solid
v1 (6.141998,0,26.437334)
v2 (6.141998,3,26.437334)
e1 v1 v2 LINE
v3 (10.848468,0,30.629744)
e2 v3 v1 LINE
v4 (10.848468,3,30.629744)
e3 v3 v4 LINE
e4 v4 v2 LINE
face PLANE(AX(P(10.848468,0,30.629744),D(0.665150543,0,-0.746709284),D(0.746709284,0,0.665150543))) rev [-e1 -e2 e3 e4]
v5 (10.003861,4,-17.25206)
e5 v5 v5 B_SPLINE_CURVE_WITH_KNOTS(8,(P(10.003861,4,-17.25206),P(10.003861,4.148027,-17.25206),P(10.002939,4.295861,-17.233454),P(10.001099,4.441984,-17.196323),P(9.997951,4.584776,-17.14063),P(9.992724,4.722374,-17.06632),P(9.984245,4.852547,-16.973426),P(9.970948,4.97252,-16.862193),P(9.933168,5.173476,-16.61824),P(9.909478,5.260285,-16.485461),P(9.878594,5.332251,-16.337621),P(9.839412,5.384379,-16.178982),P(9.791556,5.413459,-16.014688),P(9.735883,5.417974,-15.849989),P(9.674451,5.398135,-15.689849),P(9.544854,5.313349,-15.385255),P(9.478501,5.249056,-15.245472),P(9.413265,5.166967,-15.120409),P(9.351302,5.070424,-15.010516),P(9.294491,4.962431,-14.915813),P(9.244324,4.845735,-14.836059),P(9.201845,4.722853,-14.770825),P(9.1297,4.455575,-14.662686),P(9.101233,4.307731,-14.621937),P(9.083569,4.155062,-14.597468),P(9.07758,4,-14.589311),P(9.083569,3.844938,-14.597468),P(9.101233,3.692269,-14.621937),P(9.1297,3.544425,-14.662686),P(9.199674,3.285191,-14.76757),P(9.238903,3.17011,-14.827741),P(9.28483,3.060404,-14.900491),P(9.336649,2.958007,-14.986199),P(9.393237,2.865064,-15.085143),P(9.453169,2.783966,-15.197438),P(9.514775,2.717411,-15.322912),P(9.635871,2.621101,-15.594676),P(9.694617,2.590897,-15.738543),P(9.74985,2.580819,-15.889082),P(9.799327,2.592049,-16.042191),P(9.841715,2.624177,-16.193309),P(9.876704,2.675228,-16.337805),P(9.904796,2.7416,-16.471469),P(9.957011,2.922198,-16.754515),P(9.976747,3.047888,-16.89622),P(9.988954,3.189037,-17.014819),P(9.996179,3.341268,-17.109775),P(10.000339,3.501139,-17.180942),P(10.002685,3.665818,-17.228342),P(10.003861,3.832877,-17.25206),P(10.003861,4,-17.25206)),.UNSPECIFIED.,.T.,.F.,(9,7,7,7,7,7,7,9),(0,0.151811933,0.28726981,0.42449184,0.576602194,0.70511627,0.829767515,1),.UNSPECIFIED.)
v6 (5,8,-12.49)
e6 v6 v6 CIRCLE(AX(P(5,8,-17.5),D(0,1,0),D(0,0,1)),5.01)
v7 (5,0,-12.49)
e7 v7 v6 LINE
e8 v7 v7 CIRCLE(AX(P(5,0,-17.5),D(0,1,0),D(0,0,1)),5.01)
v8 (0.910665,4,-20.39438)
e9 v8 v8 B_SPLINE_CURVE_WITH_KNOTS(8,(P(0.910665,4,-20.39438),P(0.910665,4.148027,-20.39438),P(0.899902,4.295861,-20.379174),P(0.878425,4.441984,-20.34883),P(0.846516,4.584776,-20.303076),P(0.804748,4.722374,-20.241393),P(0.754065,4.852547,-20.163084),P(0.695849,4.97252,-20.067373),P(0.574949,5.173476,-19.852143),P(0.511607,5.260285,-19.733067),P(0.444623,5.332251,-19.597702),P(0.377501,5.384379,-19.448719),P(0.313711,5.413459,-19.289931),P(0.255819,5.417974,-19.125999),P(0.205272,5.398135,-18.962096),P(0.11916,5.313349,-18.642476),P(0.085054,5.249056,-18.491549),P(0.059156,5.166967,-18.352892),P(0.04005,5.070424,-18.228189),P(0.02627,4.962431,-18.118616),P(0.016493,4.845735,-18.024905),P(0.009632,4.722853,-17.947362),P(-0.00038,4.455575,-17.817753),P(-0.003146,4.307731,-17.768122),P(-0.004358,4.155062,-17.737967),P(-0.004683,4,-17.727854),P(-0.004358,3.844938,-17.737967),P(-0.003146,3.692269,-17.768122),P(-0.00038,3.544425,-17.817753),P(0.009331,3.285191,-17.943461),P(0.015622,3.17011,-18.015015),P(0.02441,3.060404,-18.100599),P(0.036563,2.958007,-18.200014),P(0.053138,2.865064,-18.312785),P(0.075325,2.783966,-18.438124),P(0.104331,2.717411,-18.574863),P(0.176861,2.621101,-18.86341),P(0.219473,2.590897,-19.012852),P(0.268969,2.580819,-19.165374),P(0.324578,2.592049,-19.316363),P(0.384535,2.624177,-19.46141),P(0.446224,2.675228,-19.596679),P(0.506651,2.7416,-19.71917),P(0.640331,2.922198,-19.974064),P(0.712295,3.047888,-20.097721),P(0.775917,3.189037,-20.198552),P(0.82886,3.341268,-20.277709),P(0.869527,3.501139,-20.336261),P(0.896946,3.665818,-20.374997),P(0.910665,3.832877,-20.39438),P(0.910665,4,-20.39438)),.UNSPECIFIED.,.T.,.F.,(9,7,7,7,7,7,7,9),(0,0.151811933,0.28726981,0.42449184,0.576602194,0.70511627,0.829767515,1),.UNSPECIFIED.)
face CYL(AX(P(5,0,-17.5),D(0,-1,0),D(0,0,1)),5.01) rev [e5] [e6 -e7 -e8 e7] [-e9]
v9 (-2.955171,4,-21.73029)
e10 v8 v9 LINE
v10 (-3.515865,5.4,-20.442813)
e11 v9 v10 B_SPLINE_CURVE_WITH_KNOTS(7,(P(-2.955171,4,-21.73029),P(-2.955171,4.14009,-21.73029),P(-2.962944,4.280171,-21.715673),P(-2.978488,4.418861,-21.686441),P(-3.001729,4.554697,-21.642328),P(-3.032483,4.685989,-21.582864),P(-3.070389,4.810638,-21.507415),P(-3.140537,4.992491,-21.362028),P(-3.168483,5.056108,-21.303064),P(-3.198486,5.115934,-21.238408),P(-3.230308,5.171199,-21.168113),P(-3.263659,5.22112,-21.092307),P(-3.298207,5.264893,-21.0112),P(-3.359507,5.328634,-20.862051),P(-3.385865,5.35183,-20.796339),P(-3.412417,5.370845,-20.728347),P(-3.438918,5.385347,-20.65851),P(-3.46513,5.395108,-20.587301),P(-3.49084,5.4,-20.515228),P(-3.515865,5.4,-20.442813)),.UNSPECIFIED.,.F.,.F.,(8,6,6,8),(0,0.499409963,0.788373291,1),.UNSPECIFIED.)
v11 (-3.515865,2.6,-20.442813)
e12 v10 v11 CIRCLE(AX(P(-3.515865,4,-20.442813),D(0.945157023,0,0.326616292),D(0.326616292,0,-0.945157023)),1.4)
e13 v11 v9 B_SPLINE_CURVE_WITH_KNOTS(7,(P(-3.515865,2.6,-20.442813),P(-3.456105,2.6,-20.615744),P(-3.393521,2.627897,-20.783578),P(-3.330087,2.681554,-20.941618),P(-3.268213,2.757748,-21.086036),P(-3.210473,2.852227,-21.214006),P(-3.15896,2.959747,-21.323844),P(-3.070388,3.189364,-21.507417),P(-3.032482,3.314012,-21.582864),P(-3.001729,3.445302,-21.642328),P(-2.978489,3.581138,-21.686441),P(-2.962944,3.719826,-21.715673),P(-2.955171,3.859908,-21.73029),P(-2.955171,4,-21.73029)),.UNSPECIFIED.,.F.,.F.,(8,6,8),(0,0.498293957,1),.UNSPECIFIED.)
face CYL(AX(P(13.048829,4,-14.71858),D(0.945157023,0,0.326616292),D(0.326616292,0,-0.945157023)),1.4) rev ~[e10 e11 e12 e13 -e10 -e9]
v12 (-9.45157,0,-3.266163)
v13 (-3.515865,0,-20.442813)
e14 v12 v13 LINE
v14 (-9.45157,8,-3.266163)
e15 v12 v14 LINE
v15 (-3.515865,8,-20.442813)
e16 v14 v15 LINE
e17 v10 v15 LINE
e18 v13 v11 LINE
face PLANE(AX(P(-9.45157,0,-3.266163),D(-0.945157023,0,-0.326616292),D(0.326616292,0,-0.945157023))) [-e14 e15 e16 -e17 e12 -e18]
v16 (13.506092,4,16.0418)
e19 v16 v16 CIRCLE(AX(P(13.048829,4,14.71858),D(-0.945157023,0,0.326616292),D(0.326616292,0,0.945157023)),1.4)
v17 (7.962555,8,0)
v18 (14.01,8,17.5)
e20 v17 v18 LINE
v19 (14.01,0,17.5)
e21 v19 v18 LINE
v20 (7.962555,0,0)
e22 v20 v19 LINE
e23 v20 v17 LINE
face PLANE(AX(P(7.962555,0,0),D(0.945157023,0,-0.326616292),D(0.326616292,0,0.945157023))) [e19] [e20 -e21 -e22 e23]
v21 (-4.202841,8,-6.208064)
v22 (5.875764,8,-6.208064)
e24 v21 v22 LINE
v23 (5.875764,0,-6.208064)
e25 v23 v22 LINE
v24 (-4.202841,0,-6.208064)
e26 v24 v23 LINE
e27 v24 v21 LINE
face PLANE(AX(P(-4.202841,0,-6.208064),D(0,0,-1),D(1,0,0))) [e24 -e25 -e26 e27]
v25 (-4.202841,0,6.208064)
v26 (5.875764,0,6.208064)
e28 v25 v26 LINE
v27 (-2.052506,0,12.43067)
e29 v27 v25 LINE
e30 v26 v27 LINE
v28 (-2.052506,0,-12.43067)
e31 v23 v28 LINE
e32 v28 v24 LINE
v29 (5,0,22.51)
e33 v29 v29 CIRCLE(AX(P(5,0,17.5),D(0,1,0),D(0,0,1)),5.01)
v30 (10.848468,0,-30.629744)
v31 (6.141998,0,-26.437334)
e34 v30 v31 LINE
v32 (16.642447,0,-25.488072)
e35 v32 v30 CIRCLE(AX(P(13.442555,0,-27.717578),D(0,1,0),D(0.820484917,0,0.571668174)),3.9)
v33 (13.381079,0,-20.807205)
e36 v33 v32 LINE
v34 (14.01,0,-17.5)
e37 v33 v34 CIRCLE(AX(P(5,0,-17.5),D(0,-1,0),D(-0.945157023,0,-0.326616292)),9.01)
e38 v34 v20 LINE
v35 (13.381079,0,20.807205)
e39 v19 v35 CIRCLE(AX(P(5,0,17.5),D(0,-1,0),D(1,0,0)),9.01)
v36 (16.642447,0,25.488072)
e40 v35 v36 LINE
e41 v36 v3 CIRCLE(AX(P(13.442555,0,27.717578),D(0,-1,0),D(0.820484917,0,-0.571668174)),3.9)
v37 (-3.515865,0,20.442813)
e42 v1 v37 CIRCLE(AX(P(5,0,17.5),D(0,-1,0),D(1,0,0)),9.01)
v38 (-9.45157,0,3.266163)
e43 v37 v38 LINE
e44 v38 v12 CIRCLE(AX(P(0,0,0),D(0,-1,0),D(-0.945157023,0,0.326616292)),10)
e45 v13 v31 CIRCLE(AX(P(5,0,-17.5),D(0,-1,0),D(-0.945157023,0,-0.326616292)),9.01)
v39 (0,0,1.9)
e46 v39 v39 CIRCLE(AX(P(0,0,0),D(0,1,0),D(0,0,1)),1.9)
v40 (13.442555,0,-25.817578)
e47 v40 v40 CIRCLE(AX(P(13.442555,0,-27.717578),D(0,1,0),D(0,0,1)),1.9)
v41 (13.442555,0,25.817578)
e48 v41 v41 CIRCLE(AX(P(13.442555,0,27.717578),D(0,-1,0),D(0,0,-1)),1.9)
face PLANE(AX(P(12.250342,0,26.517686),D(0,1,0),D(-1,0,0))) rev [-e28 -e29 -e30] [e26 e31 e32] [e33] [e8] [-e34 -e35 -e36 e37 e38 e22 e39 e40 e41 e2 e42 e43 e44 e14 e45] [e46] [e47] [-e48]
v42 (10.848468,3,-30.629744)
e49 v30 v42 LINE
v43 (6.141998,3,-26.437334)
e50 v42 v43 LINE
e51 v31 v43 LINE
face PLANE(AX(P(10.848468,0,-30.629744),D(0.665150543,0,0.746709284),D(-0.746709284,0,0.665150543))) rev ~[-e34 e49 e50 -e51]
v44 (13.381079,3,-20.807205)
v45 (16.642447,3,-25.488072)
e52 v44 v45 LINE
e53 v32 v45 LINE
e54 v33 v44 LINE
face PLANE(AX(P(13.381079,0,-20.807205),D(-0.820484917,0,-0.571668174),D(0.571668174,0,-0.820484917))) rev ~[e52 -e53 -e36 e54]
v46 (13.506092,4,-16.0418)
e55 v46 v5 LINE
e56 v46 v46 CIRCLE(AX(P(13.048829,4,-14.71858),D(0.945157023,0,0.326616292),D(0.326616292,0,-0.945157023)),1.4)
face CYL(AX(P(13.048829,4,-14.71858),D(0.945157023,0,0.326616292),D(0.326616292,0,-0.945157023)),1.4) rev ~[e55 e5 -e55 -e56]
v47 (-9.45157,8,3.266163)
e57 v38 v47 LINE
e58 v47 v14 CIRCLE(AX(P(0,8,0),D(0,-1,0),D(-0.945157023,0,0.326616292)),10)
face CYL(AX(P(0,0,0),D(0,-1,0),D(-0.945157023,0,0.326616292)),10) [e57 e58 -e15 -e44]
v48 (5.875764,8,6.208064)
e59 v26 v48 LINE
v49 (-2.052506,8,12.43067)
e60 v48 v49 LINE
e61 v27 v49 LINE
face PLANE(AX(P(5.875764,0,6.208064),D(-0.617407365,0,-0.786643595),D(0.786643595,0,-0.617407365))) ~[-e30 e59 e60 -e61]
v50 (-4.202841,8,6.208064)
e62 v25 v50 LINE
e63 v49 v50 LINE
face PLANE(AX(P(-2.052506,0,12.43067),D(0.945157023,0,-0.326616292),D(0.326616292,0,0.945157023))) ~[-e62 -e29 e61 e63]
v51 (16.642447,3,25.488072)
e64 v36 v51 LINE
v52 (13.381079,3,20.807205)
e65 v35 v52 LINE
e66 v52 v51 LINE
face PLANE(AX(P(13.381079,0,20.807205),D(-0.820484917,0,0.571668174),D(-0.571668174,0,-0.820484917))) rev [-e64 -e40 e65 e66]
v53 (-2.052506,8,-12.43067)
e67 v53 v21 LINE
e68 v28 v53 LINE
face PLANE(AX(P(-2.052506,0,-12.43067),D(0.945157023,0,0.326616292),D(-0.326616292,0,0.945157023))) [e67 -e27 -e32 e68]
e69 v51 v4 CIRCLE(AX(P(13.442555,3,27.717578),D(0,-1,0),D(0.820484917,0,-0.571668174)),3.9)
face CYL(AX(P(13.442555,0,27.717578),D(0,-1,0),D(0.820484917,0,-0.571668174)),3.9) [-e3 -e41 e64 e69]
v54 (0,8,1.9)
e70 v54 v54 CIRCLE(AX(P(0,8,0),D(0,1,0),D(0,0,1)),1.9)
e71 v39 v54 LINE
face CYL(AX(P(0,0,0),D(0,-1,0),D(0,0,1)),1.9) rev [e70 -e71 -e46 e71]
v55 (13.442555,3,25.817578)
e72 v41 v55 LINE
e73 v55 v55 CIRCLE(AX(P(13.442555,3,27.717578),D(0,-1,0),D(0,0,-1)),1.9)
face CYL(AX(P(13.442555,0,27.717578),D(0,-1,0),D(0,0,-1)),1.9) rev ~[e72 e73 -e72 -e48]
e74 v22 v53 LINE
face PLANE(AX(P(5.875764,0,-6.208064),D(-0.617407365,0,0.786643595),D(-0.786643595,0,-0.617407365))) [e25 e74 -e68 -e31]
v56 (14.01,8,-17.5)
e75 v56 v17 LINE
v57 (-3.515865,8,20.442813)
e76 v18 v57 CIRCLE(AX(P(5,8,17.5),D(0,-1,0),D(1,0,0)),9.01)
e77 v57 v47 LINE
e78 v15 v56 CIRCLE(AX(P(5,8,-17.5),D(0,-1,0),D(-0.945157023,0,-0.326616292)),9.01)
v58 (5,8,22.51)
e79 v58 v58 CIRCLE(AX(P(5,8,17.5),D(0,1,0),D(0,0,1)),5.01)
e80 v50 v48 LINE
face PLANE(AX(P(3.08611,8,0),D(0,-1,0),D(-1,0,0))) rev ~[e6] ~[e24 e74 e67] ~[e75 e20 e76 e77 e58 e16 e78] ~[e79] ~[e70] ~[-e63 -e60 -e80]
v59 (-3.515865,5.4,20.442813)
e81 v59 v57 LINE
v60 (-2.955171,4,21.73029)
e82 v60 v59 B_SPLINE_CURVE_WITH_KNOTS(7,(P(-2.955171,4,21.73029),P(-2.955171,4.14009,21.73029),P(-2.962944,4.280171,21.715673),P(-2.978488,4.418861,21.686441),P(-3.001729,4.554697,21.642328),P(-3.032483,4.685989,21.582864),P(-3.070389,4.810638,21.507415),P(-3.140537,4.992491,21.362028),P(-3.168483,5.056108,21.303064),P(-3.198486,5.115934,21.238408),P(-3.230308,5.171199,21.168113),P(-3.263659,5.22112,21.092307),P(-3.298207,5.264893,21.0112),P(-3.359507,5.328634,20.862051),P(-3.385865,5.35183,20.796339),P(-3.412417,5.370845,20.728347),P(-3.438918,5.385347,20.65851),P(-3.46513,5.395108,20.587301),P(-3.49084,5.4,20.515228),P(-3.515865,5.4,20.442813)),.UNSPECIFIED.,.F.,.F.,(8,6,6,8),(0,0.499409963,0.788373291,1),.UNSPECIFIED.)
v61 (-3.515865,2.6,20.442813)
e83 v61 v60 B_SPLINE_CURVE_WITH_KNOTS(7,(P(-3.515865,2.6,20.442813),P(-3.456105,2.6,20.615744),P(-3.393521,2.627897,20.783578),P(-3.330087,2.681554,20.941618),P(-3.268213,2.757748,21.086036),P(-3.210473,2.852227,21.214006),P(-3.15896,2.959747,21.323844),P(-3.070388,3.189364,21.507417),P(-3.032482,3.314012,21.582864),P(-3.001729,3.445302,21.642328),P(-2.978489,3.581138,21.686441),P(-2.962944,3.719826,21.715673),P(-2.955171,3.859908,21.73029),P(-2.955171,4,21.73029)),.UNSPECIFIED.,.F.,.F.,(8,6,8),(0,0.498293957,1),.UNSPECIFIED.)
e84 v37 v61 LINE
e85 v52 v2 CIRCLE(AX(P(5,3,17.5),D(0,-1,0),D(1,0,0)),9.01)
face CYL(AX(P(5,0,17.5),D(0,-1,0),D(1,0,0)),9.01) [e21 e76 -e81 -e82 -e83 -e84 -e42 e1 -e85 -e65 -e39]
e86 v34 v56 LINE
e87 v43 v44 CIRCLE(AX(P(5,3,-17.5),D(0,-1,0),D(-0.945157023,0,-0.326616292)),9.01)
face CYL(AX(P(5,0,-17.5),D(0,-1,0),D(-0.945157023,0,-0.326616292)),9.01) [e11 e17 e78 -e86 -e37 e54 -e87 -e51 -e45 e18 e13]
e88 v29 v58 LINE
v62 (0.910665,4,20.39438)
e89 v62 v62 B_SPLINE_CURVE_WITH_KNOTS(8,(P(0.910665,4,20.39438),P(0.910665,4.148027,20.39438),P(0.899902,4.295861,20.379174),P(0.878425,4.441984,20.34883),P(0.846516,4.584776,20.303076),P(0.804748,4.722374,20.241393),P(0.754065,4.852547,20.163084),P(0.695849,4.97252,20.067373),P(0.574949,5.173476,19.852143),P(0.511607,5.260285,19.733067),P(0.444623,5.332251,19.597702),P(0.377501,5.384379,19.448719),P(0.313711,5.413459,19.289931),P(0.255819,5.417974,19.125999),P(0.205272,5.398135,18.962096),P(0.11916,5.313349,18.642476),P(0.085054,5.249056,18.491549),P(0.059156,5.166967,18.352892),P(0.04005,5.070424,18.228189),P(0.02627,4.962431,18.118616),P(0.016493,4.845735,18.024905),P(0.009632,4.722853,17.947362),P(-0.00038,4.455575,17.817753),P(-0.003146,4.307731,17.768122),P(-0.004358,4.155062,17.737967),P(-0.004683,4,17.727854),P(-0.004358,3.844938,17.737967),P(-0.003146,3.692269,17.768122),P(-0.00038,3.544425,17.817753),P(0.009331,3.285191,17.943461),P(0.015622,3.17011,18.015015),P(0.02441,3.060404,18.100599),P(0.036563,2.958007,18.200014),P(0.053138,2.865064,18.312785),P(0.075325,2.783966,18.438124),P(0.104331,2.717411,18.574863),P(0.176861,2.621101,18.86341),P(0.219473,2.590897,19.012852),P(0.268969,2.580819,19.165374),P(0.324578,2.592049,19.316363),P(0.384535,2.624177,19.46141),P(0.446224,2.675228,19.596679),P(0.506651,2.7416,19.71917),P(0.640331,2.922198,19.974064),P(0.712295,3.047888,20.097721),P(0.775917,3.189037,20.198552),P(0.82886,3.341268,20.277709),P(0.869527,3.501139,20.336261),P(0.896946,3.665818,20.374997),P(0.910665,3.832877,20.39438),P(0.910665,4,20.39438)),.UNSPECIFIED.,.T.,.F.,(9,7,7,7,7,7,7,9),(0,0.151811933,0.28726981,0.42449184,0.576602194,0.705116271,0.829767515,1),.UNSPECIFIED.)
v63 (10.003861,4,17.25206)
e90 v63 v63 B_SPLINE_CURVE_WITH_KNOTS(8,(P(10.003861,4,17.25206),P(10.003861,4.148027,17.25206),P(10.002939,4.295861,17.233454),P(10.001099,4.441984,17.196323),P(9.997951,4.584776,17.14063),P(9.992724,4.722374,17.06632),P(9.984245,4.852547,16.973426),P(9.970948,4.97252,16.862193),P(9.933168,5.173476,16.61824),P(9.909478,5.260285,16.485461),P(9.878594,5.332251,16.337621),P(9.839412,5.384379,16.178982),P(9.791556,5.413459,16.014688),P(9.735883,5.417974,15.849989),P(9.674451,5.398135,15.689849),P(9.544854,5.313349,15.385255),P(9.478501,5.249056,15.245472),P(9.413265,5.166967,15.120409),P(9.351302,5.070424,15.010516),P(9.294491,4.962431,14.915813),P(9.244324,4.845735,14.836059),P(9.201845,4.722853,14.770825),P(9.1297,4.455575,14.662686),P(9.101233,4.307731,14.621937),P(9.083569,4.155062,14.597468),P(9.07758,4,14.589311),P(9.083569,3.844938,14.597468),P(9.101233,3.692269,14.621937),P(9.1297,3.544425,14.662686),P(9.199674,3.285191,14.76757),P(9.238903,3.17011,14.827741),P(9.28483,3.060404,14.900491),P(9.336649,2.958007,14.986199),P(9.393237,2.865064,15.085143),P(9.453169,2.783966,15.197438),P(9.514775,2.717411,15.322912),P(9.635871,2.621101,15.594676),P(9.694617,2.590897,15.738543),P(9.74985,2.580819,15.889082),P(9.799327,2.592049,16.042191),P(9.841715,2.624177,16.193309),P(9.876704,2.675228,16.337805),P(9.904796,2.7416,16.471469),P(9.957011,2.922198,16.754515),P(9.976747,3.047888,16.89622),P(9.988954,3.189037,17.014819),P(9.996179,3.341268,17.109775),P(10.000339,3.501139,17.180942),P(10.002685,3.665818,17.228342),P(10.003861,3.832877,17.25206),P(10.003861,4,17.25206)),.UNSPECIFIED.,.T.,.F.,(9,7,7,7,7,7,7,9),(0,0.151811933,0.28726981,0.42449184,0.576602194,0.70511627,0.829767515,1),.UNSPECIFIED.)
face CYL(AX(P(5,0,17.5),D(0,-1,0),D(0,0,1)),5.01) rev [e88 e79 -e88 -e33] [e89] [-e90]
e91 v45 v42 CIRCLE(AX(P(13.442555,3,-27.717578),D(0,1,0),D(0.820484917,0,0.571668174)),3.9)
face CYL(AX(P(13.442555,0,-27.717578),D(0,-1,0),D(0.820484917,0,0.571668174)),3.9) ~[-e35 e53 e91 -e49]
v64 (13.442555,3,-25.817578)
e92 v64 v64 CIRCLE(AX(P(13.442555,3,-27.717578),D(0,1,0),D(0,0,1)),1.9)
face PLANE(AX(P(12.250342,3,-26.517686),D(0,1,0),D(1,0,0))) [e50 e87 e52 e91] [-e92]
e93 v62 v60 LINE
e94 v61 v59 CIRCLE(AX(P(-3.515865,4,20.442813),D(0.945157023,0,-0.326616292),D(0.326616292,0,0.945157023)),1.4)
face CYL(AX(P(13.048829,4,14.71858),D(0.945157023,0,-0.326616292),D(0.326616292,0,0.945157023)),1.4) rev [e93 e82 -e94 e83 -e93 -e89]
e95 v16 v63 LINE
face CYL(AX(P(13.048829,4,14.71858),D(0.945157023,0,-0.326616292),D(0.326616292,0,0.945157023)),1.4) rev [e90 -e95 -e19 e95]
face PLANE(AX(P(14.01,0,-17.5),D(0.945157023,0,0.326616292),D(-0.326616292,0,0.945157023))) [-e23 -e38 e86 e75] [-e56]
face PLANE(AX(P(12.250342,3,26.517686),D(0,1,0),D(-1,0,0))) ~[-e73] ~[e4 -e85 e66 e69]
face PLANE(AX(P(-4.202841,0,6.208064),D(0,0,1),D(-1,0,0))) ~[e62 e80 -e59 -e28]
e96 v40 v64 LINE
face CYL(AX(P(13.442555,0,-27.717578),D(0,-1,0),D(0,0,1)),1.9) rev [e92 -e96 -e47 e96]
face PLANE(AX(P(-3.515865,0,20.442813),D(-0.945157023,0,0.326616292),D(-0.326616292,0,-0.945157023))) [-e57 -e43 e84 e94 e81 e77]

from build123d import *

# Parameters (mm, degrees)
SKETCH1_R               = 1.9
SKETCH1_R_2             = 5.01
BOSS_EXTRUDE1_DEPTH     = 8
SKETCH2_R               = 1.9
BOSS_EXTRUDE2_DEPTH     = 3
SKETCH3_R               = 1.4
CUT_EXTRUDE1_DEPTH      = 22
CUT_EXTRUDE3_DEPTH      = 8
MIRROR3_COPY_1_SKETCH_R = 1.4
MIRROR3_COPY_1_DEPTH    = 22


with BuildPart() as part:
    # Sketch1 → Boss-Extrude1 (new body)
    with BuildSketch(Plane(origin=(0, 0, 0), x_dir=(1, 0, 0), z_dir=(0, 1, 0))):
        with BuildLine():
            Line((-9.451570228, 3.266162922), (-3.515864775, 20.442812793))
            ThreePointArc((-3.515864775, 20.442812793), (6.49200509, 26.385607509), (14.01, 17.5))
            Line((14.01, 17.5), (7.962554998, 0))
            Line((7.962554998, 0), (14.01, -17.5))
            ThreePointArc((14.01, -17.5), (6.49200509, -26.385607509), (-3.515864775, -20.442812793))
            Line((-3.515864775, -20.442812793), (-9.451570228, -3.266162922))
            ThreePointArc((-9.451570228, -3.266162922), (-10, 0), (-9.451570228, 3.266162922))
        make_face()
        with Locations(Location((0, 0, 0), (0, 0, 270))):
            Circle(SKETCH1_R, mode=Mode.SUBTRACT)
        with Locations(Location((5, 17.5, 0), (0, 0, 270))):
            Circle(SKETCH1_R_2, mode=Mode.SUBTRACT)
        with Locations(Location((5, -17.5, 0), (0, 0, 270))):
            Circle(SKETCH1_R_2, mode=Mode.SUBTRACT)
    extrude(amount=BOSS_EXTRUDE1_DEPTH)

    # Sketch2 → Boss-Extrude2 (add)
    with BuildSketch(Plane(origin=(0, 0, 0), x_dir=(1, 0, 0), z_dir=(0, 1, 0))):
        with BuildLine():
            Line((13.381079467, 20.80720531), (16.642446553, 25.488071975))
            ThreePointArc((16.642446553, 25.488071975), (16.031174239, 30.634605863), (10.84846826, 30.629744064))
            Line((10.84846826, 30.629744064), (6.141997733, 26.43733412))
            Line((6.141997733, 26.43733412), (13.381079467, 20.80720531))
        make_face()
        with Locations(Location((13.442555379, 27.717577856, 0), (0, 0, 270))):
            Circle(SKETCH2_R, mode=Mode.SUBTRACT)
    boss_extrude2 = extrude(amount=BOSS_EXTRUDE2_DEPTH)

    # Sketch3 → Cut-Extrude1 (cut)
    with BuildSketch(Plane(origin=(7.113123944, 0, 2.458070049), x_dir=(0.3266162922151865, 0, -0.9451570227531528), z_dir=(0.9451570227531528, 0, 0.3266162922151865))):
        with Locations((18.173329359, 4)):
            Circle(SKETCH3_R)
    cut_extrude1 = extrude(amount=-CUT_EXTRUDE1_DEPTH, mode=Mode.SUBTRACT)

    # Mirror1: Cut-Extrude1 across plane
    add(cut_extrude1.mirror(Plane.XY), mode=Mode.SUBTRACT)

    # Sketch5 → Cut-Extrude3 (cut)
    with BuildSketch(Plane(origin=(0, 0, 0), x_dir=(1, 0, 0), z_dir=(0, 1, 0))):
        Polygon((-2.052506292, 12.430669751), (-4.202841327, 6.208064486), (5.87576418, 6.208064486), align=None)
    cut_extrude3 = extrude(amount=CUT_EXTRUDE3_DEPTH, mode=Mode.SUBTRACT)

    # Mirror3: Boss-Extrude2, Cut-Extrude1, Cut-Extrude3 across plane
    add(boss_extrude2.mirror(Plane.XY))
    add(cut_extrude1.mirror(Plane.XY), mode=Mode.SUBTRACT)
    add(cut_extrude3.mirror(Plane.XY), mode=Mode.SUBTRACT)

    # Mirror3 copy 1 sketch → Mirror3 copy 1 (cut)
    with BuildSketch(Plane(origin=(7.113123944, 0, 2.458070049), x_dir=(0.3266162922151865, 0, -0.9451570227531528), z_dir=(0.9451570227531528, 0, 0.3266162922151865))):
        with Locations((18.173329359, 4)):
            Circle(MIRROR3_COPY_1_SKETCH_R)
    extrude(amount=-MIRROR3_COPY_1_DEPTH, mode=Mode.SUBTRACT)


solid = part.part
